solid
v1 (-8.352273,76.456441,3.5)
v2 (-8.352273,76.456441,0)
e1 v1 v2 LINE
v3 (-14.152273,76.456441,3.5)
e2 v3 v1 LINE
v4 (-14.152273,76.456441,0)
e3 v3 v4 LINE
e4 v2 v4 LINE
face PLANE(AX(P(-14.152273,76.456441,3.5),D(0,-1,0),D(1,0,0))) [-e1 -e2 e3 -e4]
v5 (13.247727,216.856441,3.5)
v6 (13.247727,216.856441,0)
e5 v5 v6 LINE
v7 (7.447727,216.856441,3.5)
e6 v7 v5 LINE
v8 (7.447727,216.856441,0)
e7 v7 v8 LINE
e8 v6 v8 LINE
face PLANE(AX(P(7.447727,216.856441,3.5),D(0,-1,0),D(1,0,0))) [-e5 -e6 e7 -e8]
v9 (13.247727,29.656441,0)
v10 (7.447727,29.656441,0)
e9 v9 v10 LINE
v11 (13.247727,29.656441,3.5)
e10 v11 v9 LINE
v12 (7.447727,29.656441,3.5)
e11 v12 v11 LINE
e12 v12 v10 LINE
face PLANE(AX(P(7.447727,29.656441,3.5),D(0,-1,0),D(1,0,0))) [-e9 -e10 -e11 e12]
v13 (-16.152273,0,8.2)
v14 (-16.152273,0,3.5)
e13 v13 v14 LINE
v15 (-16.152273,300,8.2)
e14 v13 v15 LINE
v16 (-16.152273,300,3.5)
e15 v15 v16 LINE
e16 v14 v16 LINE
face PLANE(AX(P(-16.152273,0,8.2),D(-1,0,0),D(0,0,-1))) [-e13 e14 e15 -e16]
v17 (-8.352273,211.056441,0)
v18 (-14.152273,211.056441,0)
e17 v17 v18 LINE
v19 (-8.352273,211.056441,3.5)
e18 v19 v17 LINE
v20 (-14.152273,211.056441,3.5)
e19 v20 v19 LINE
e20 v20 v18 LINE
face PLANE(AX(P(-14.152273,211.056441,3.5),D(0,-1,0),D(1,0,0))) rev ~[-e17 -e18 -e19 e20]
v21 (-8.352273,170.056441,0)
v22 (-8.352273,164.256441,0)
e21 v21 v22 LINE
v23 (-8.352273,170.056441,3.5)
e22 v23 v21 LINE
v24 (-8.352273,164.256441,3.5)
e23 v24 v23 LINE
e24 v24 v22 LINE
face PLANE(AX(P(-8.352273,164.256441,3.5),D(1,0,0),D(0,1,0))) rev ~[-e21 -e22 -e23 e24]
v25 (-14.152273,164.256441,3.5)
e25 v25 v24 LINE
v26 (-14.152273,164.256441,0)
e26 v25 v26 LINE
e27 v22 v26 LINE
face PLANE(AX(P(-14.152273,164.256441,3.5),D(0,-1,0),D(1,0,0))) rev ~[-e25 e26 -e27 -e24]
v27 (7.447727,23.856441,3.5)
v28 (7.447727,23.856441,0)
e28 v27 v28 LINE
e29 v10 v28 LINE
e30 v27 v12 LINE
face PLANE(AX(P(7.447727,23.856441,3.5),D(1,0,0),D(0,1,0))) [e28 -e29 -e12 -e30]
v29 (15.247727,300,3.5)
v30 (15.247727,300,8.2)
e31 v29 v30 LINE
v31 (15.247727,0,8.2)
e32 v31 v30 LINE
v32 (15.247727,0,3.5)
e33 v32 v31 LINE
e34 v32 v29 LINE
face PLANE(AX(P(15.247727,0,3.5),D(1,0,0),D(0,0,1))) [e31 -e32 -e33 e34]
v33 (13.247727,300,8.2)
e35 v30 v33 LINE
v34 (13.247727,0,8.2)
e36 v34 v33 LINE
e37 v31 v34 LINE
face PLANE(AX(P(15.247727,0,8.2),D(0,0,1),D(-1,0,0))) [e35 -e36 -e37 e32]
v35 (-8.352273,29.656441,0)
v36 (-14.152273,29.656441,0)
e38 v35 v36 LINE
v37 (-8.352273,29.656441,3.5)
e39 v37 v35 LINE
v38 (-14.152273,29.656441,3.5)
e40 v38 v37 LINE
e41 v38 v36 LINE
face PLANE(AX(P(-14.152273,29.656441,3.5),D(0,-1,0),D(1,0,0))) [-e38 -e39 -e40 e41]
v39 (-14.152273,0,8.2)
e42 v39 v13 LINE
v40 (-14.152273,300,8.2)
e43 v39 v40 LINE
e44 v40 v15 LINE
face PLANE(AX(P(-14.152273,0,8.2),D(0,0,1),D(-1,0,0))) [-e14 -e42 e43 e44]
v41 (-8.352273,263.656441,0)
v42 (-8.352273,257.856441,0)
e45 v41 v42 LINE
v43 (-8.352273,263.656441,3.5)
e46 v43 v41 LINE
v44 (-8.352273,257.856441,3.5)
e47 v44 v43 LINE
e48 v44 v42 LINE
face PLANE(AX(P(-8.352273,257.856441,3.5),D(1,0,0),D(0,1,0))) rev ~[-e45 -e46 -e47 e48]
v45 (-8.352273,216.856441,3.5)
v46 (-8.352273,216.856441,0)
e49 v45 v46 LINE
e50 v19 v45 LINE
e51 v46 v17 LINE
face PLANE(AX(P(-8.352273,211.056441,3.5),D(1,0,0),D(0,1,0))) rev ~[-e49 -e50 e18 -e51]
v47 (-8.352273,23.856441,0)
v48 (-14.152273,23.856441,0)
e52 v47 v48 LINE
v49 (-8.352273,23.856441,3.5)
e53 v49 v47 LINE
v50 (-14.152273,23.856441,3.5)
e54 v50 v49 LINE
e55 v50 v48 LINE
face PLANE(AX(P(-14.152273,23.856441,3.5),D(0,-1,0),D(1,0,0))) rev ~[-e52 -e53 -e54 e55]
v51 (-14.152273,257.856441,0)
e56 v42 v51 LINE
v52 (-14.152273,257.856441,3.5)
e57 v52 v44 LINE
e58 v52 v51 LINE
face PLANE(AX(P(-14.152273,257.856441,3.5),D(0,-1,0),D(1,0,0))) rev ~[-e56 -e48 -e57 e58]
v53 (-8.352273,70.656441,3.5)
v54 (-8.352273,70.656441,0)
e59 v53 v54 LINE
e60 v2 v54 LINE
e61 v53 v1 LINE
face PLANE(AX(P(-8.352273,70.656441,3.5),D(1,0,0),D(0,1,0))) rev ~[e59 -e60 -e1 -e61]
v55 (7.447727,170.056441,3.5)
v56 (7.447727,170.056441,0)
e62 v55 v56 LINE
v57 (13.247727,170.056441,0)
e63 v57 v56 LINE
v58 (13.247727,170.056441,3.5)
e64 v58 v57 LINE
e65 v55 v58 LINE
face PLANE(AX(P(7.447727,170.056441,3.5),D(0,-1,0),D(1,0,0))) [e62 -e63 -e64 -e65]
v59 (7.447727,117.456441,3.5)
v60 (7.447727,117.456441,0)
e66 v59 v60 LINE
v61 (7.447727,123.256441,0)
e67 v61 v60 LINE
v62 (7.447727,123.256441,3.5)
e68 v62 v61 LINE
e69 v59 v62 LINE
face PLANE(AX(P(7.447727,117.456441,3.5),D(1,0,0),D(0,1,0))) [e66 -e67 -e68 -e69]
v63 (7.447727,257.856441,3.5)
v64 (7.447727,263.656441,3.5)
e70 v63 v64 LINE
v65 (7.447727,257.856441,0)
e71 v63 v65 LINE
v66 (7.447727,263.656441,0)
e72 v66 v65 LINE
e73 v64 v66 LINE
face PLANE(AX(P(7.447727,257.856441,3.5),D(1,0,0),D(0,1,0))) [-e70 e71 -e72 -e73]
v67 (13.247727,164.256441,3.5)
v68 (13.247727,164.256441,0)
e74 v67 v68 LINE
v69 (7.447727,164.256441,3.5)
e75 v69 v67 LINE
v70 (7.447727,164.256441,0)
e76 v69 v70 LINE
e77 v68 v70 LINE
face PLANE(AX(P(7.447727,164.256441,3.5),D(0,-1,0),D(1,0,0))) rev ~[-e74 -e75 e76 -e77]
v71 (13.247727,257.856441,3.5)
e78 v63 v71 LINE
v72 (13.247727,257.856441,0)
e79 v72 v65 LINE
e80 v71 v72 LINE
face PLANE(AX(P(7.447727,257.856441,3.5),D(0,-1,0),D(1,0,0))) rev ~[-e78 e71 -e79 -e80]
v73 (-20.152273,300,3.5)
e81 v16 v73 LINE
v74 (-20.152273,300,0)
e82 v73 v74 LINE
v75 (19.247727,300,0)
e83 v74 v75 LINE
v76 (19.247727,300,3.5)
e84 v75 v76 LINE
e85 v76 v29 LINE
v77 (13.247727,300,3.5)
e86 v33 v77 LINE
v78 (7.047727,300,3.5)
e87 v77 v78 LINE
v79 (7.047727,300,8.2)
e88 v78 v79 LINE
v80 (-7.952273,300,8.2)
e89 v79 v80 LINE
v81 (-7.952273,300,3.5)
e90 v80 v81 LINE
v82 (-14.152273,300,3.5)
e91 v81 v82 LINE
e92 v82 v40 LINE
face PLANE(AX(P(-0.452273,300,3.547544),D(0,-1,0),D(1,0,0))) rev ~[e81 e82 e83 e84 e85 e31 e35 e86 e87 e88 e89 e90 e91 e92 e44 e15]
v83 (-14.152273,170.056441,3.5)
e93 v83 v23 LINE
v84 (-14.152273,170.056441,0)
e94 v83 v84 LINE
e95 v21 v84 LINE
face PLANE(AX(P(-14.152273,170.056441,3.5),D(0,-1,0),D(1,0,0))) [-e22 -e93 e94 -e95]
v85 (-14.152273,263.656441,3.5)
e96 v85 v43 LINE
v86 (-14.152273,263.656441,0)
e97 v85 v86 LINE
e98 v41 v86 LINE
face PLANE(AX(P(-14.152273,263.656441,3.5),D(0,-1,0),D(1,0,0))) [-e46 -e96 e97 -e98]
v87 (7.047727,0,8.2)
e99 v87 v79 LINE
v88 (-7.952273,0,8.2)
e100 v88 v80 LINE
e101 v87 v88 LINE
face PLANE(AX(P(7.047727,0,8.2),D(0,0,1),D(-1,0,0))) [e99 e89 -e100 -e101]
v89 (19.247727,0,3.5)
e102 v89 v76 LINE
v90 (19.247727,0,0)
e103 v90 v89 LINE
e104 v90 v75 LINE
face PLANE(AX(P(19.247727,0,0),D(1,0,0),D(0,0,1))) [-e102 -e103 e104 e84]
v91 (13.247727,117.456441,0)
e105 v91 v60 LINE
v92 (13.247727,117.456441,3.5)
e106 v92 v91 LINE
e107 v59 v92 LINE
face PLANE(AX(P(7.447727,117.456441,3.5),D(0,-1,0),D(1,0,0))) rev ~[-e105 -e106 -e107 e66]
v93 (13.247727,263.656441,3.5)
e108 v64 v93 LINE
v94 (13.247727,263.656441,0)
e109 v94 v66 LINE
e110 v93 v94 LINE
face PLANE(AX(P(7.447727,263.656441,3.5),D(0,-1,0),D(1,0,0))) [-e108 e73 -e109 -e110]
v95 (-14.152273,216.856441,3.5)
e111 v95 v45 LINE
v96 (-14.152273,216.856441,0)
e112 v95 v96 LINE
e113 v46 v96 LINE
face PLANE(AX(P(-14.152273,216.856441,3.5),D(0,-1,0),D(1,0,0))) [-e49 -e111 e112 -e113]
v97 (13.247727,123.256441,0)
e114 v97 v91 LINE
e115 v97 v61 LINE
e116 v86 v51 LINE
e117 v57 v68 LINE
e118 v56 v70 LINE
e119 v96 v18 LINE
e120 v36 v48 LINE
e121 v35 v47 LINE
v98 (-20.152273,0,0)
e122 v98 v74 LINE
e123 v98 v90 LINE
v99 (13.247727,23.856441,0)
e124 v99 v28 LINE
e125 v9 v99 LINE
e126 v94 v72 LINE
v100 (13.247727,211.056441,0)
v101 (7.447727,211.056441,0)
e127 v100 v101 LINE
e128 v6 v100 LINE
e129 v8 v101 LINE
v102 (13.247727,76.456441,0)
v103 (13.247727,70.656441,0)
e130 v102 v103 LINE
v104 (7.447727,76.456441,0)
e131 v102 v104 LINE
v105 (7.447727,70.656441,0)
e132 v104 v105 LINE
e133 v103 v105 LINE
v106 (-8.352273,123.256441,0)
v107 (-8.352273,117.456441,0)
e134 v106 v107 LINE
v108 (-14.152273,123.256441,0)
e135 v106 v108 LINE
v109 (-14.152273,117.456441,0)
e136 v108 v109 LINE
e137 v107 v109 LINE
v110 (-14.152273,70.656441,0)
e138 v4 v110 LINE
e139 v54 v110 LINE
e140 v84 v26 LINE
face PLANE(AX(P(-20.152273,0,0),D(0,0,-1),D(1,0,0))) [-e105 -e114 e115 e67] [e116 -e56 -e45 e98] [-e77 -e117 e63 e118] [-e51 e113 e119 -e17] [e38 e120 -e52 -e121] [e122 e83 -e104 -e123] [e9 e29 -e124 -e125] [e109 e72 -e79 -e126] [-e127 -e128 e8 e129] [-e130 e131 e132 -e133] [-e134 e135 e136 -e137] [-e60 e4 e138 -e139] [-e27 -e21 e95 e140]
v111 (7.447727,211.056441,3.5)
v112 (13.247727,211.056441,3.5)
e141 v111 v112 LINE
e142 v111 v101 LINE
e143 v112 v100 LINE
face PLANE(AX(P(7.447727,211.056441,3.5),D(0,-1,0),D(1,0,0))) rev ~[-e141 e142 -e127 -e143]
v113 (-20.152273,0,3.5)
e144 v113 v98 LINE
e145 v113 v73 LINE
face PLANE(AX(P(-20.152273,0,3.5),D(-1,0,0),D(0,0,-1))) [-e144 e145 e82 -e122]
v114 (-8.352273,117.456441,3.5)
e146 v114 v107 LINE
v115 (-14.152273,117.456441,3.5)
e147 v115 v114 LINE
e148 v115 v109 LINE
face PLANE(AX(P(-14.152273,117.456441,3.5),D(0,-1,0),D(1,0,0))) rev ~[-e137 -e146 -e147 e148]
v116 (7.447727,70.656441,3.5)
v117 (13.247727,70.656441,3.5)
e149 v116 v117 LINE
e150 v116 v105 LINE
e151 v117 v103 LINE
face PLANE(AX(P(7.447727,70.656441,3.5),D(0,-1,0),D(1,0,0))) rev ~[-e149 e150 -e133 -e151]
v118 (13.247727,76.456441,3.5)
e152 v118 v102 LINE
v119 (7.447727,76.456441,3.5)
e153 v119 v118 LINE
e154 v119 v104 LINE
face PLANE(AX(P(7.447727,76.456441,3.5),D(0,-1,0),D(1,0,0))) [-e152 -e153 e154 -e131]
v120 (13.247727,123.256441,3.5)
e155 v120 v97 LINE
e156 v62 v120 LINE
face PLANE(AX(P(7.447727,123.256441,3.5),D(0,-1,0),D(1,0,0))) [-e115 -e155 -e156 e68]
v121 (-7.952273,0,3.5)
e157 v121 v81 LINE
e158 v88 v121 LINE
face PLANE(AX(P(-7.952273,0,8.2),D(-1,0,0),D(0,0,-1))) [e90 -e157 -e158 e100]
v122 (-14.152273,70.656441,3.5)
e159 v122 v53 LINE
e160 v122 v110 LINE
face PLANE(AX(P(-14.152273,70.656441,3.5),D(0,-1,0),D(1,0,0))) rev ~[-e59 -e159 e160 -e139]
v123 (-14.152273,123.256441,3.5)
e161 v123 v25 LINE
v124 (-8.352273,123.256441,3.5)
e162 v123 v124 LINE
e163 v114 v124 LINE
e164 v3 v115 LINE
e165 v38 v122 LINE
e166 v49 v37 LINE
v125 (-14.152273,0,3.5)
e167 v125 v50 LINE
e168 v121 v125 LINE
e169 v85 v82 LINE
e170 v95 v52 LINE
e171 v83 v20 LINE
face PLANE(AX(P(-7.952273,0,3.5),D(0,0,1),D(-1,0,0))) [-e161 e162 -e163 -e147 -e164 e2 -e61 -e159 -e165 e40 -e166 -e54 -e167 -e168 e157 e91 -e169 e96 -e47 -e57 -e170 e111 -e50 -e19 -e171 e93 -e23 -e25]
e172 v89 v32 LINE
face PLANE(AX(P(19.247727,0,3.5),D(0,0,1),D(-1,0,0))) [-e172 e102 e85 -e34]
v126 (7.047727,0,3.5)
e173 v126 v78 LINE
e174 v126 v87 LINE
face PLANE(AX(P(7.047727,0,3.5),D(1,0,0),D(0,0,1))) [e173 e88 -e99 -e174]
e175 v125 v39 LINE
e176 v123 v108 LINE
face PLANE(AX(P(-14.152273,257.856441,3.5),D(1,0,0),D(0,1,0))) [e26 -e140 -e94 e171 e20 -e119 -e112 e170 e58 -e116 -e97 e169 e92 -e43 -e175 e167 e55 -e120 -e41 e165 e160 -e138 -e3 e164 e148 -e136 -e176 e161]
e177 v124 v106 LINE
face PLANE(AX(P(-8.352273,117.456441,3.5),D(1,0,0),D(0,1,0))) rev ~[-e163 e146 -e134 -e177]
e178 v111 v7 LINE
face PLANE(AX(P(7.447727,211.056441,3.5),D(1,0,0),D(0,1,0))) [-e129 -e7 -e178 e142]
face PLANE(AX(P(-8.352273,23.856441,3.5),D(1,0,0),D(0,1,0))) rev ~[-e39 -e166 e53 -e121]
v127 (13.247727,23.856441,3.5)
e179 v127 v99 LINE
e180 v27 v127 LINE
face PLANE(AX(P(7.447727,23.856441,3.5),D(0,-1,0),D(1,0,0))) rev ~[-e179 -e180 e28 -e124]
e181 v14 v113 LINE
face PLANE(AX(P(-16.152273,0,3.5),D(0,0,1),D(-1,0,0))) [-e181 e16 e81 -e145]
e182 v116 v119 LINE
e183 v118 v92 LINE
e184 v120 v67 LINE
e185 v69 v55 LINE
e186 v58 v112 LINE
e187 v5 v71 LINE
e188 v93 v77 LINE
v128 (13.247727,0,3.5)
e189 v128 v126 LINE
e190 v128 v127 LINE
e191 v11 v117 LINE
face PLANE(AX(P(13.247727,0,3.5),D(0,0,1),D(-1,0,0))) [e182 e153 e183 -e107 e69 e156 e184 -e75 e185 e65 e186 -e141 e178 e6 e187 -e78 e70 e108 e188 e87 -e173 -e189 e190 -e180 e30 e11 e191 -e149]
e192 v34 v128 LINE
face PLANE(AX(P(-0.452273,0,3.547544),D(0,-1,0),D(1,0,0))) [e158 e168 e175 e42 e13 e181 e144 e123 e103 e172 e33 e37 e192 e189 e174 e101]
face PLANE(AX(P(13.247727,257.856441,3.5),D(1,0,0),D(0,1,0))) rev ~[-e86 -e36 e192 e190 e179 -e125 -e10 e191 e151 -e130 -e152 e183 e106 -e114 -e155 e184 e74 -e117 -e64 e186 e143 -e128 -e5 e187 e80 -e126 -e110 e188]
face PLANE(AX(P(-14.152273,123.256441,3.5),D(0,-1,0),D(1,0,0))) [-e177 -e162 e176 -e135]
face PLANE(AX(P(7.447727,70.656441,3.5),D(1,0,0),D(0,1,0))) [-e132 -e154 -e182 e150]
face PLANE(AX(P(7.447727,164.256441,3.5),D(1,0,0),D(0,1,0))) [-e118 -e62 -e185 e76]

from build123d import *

# Parameters (mm, degrees)
F1_DEPTH = 300
F2_W     = 5.8
F2_H     = 5.8
F3_DEPTH = 3.501


with BuildPart() as f1:
    # F0 (on Front) → F1 (new body)
    with BuildSketch(Plane.XZ):
        Polygon((-20.152273, 3.5), (-20.152273, 0), (19.247727, 0), (19.247727, 3.5), (15.247727, 3.5), (15.247727, 8.2), (13.247727, 8.2), (13.247727, 3.5), (7.047727, 3.5), (7.047727, 8.2), (-7.952273, 8.2), (-7.952273, 3.5), (-14.152273, 3.5), (-14.152273, 8.2), (-16.152273, 8.2), (-16.152273, 3.5), align=None)
    extrude(amount=-F1_DEPTH)

    # F2 (on face) → F3 (cut, through all)
    with BuildSketch(Plane.XY.offset(3.5)):
        with Locations((-11.252273, 26.756441)):
            Rectangle(F2_W, F2_H)
        with Locations((-11.252273, 73.556441)):
            Rectangle(F2_W, F2_H)
        with Locations((-11.252273, 120.356441)):
            Rectangle(F2_W, F2_H)
        with Locations((-11.252273, 167.156441)):
            Rectangle(F2_W, F2_H)
        with Locations((-11.252273, 213.956441)):
            Rectangle(F2_W, F2_H)
        with Locations((-11.252273, 260.756441)):
            Rectangle(F2_W, F2_H)
        with Locations((-11.252273, 307.556441)):
            Rectangle(F2_W, F2_H)
        with Locations((-11.252273, 354.356441)):
            Rectangle(F2_W, F2_H)
        with Locations((-11.252273, 401.156441)):
            Rectangle(F2_W, F2_H)
        with Locations((-11.252273, 447.956441)):
            Rectangle(F2_W, F2_H)
        with Locations((-11.252273, 494.756441)):
            Rectangle(F2_W, F2_H)
        with Locations((-11.252273, 541.556441)):
            Rectangle(F2_W, F2_H)
        with Locations((-11.252273, 588.356441)):
            Rectangle(F2_W, F2_H)
        with Locations((-11.252273, 635.156441)):
            Rectangle(F2_W, F2_H)
        with Locations((-11.252273, 681.956441)):
            Rectangle(F2_W, F2_H)
        with Locations((-11.252273, 728.756441)):
            Rectangle(F2_W, F2_H)
        with Locations((-11.252273, 775.556441)):
            Rectangle(F2_W, F2_H)
        with Locations((-11.252273, 822.356441)):
            Rectangle(F2_W, F2_H)
        with Locations((-11.252273, 869.156441)):
            Rectangle(F2_W, F2_H)
        with Locations((-11.252273, 915.956441)):
            Rectangle(F2_W, F2_H)
        with Locations((-11.252273, 962.756441)):
            Rectangle(F2_W, F2_H)
        with Locations((-11.252273, 1009.556441)):
            Rectangle(F2_W, F2_H)
        with Locations((-11.252273, 1056.356441)):
            Rectangle(F2_W, F2_H)
        with Locations((-11.252273, 1103.156441)):
            Rectangle(F2_W, F2_H)
        with Locations((-11.252273, 1149.956441)):
            Rectangle(F2_W, F2_H)
        with Locations((-11.252273, 1196.756441)):
            Rectangle(F2_W, F2_H)
        with Locations((-11.252273, 1243.556441)):
            Rectangle(F2_W, F2_H)
        with Locations((-11.252273, 1290.356441)):
            Rectangle(F2_W, F2_H)
        with Locations((-11.252273, 1337.156441)):
            Rectangle(F2_W, F2_H)
        with Locations((-11.252273, 1383.956441)):
            Rectangle(F2_W, F2_H)
        with Locations((10.347727, 26.756441)):
            Rectangle(F2_W, F2_H)
        with Locations((10.347727, 73.556441)):
            Rectangle(F2_W, F2_H)
        with Locations((10.347727, 120.356441)):
            Rectangle(F2_W, F2_H)
        with Locations((10.347727, 167.156441)):
            Rectangle(F2_W, F2_H)
        with Locations((10.347727, 213.956441)):
            Rectangle(F2_W, F2_H)
        with Locations((10.347727, 260.756441)):
            Rectangle(F2_W, F2_H)
        with Locations((10.347727, 307.556441)):
            Rectangle(F2_W, F2_H)
        with Locations((10.347727, 354.356441)):
            Rectangle(F2_W, F2_H)
        with Locations((10.347727, 401.156441)):
            Rectangle(F2_W, F2_H)
        with Locations((10.347727, 447.956441)):
            Rectangle(F2_W, F2_H)
        with Locations((10.347727, 494.756441)):
            Rectangle(F2_W, F2_H)
        with Locations((10.347727, 541.556441)):
            Rectangle(F2_W, F2_H)
        with Locations((10.347727, 588.356441)):
            Rectangle(F2_W, F2_H)
        with Locations((10.347727, 635.156441)):
            Rectangle(F2_W, F2_H)
        with Locations((10.347727, 681.956441)):
            Rectangle(F2_W, F2_H)
        with Locations((10.347727, 728.756441)):
            Rectangle(F2_W, F2_H)
        with Locations((10.347727, 775.556441)):
            Rectangle(F2_W, F2_H)
        with Locations((10.347727, 822.356441)):
            Rectangle(F2_W, F2_H)
        with Locations((10.347727, 869.156441)):
            Rectangle(F2_W, F2_H)
        with Locations((10.347727, 915.956441)):
            Rectangle(F2_W, F2_H)
        with Locations((10.347727, 962.756441)):
            Rectangle(F2_W, F2_H)
        with Locations((10.347727, 1009.556441)):
            Rectangle(F2_W, F2_H)
        with Locations((10.347727, 1056.356441)):
            Rectangle(F2_W, F2_H)
        with Locations((10.347727, 1103.156441)):
            Rectangle(F2_W, F2_H)
        with Locations((10.347727, 1149.956441)):
            Rectangle(F2_W, F2_H)
        with Locations((10.347727, 1196.756441)):
            Rectangle(F2_W, F2_H)
        with Locations((10.347727, 1243.556441)):
            Rectangle(F2_W, F2_H)
        with Locations((10.347727, 1290.356441)):
            Rectangle(F2_W, F2_H)
        with Locations((10.347727, 1337.156441)):
            Rectangle(F2_W, F2_H)
        with Locations((10.347727, 1383.956441)):
            Rectangle(F2_W, F2_H)
        with Locations((-11.252273, 1430.756441)):
            Rectangle(F2_W, F2_H)
        with Locations((-11.252273, 1477.556441)):
            Rectangle(F2_W, F2_H)
        with Locations((-11.252273, 1524.356441)):
            Rectangle(F2_W, F2_H)
        with Locations((-11.252273, 1571.156441)):
            Rectangle(F2_W, F2_H)
        with Locations((-11.252273, 1617.956441)):
            Rectangle(F2_W, F2_H)
        with Locations((-11.252273, 1664.756441)):
            Rectangle(F2_W, F2_H)
        with Locations((-11.252273, 1711.556441)):
            Rectangle(F2_W, F2_H)
        with Locations((-11.252273, 1758.356441)):
            Rectangle(F2_W, F2_H)
        with Locations((-11.252273, 1805.156441)):
            Rectangle(F2_W, F2_H)
        with Locations((-11.252273, 1851.956441)):
            Rectangle(F2_W, F2_H)
        with Locations((-11.252273, 1898.756441)):
            Rectangle(F2_W, F2_H)
        with Locations((-11.252273, 1945.556441)):
            Rectangle(F2_W, F2_H)
        with Locations((-11.252273, 1992.356441)):
            Rectangle(F2_W, F2_H)
        with Locations((-11.252273, 2039.156441)):
            Rectangle(F2_W, F2_H)
        with Locations((-11.252273, 2085.956441)):
            Rectangle(F2_W, F2_H)
        with Locations((-11.252273, 2132.756441)):
            Rectangle(F2_W, F2_H)
        with Locations((-11.252273, 2179.556441)):
            Rectangle(F2_W, F2_H)
        with Locations((-11.252273, 2226.356441)):
            Rectangle(F2_W, F2_H)
        with Locations((-11.252273, 2273.156441)):
            Rectangle(F2_W, F2_H)
        with Locations((-11.252273, 2319.956441)):
            Rectangle(F2_W, F2_H)
        with Locations((10.347727, 1430.756441)):
            Rectangle(F2_W, F2_H)
        with Locations((10.347727, 1477.556441)):
            Rectangle(F2_W, F2_H)
        with Locations((10.347727, 1524.356441)):
            Rectangle(F2_W, F2_H)
        with Locations((10.347727, 1571.156441)):
            Rectangle(F2_W, F2_H)
        with Locations((10.347727, 1617.956441)):
            Rectangle(F2_W, F2_H)
        with Locations((10.347727, 1664.756441)):
            Rectangle(F2_W, F2_H)
        with Locations((10.347727, 1711.556441)):
            Rectangle(F2_W, F2_H)
        with Locations((10.347727, 1758.356441)):
            Rectangle(F2_W, F2_H)
        with Locations((10.347727, 1805.156441)):
            Rectangle(F2_W, F2_H)
        with Locations((10.347727, 1851.956441)):
            Rectangle(F2_W, F2_H)
        with Locations((10.347727, 1898.756441)):
            Rectangle(F2_W, F2_H)
        with Locations((10.347727, 1945.556441)):
            Rectangle(F2_W, F2_H)
        with Locations((10.347727, 1992.356441)):
            Rectangle(F2_W, F2_H)
        with Locations((10.347727, 2039.156441)):
            Rectangle(F2_W, F2_H)
        with Locations((10.347727, 2085.956441)):
            Rectangle(F2_W, F2_H)
        with Locations((10.347727, 2132.756441)):
            Rectangle(F2_W, F2_H)
        with Locations((10.347727, 2179.556441)):
            Rectangle(F2_W, F2_H)
        with Locations((10.347727, 2226.356441)):
            Rectangle(F2_W, F2_H)
        with Locations((10.347727, 2273.156441)):
            Rectangle(F2_W, F2_H)
        with Locations((10.347727, 2319.956441)):
            Rectangle(F2_W, F2_H)
    extrude(amount=-F3_DEPTH, mode=Mode.SUBTRACT)


solid = f1.part
